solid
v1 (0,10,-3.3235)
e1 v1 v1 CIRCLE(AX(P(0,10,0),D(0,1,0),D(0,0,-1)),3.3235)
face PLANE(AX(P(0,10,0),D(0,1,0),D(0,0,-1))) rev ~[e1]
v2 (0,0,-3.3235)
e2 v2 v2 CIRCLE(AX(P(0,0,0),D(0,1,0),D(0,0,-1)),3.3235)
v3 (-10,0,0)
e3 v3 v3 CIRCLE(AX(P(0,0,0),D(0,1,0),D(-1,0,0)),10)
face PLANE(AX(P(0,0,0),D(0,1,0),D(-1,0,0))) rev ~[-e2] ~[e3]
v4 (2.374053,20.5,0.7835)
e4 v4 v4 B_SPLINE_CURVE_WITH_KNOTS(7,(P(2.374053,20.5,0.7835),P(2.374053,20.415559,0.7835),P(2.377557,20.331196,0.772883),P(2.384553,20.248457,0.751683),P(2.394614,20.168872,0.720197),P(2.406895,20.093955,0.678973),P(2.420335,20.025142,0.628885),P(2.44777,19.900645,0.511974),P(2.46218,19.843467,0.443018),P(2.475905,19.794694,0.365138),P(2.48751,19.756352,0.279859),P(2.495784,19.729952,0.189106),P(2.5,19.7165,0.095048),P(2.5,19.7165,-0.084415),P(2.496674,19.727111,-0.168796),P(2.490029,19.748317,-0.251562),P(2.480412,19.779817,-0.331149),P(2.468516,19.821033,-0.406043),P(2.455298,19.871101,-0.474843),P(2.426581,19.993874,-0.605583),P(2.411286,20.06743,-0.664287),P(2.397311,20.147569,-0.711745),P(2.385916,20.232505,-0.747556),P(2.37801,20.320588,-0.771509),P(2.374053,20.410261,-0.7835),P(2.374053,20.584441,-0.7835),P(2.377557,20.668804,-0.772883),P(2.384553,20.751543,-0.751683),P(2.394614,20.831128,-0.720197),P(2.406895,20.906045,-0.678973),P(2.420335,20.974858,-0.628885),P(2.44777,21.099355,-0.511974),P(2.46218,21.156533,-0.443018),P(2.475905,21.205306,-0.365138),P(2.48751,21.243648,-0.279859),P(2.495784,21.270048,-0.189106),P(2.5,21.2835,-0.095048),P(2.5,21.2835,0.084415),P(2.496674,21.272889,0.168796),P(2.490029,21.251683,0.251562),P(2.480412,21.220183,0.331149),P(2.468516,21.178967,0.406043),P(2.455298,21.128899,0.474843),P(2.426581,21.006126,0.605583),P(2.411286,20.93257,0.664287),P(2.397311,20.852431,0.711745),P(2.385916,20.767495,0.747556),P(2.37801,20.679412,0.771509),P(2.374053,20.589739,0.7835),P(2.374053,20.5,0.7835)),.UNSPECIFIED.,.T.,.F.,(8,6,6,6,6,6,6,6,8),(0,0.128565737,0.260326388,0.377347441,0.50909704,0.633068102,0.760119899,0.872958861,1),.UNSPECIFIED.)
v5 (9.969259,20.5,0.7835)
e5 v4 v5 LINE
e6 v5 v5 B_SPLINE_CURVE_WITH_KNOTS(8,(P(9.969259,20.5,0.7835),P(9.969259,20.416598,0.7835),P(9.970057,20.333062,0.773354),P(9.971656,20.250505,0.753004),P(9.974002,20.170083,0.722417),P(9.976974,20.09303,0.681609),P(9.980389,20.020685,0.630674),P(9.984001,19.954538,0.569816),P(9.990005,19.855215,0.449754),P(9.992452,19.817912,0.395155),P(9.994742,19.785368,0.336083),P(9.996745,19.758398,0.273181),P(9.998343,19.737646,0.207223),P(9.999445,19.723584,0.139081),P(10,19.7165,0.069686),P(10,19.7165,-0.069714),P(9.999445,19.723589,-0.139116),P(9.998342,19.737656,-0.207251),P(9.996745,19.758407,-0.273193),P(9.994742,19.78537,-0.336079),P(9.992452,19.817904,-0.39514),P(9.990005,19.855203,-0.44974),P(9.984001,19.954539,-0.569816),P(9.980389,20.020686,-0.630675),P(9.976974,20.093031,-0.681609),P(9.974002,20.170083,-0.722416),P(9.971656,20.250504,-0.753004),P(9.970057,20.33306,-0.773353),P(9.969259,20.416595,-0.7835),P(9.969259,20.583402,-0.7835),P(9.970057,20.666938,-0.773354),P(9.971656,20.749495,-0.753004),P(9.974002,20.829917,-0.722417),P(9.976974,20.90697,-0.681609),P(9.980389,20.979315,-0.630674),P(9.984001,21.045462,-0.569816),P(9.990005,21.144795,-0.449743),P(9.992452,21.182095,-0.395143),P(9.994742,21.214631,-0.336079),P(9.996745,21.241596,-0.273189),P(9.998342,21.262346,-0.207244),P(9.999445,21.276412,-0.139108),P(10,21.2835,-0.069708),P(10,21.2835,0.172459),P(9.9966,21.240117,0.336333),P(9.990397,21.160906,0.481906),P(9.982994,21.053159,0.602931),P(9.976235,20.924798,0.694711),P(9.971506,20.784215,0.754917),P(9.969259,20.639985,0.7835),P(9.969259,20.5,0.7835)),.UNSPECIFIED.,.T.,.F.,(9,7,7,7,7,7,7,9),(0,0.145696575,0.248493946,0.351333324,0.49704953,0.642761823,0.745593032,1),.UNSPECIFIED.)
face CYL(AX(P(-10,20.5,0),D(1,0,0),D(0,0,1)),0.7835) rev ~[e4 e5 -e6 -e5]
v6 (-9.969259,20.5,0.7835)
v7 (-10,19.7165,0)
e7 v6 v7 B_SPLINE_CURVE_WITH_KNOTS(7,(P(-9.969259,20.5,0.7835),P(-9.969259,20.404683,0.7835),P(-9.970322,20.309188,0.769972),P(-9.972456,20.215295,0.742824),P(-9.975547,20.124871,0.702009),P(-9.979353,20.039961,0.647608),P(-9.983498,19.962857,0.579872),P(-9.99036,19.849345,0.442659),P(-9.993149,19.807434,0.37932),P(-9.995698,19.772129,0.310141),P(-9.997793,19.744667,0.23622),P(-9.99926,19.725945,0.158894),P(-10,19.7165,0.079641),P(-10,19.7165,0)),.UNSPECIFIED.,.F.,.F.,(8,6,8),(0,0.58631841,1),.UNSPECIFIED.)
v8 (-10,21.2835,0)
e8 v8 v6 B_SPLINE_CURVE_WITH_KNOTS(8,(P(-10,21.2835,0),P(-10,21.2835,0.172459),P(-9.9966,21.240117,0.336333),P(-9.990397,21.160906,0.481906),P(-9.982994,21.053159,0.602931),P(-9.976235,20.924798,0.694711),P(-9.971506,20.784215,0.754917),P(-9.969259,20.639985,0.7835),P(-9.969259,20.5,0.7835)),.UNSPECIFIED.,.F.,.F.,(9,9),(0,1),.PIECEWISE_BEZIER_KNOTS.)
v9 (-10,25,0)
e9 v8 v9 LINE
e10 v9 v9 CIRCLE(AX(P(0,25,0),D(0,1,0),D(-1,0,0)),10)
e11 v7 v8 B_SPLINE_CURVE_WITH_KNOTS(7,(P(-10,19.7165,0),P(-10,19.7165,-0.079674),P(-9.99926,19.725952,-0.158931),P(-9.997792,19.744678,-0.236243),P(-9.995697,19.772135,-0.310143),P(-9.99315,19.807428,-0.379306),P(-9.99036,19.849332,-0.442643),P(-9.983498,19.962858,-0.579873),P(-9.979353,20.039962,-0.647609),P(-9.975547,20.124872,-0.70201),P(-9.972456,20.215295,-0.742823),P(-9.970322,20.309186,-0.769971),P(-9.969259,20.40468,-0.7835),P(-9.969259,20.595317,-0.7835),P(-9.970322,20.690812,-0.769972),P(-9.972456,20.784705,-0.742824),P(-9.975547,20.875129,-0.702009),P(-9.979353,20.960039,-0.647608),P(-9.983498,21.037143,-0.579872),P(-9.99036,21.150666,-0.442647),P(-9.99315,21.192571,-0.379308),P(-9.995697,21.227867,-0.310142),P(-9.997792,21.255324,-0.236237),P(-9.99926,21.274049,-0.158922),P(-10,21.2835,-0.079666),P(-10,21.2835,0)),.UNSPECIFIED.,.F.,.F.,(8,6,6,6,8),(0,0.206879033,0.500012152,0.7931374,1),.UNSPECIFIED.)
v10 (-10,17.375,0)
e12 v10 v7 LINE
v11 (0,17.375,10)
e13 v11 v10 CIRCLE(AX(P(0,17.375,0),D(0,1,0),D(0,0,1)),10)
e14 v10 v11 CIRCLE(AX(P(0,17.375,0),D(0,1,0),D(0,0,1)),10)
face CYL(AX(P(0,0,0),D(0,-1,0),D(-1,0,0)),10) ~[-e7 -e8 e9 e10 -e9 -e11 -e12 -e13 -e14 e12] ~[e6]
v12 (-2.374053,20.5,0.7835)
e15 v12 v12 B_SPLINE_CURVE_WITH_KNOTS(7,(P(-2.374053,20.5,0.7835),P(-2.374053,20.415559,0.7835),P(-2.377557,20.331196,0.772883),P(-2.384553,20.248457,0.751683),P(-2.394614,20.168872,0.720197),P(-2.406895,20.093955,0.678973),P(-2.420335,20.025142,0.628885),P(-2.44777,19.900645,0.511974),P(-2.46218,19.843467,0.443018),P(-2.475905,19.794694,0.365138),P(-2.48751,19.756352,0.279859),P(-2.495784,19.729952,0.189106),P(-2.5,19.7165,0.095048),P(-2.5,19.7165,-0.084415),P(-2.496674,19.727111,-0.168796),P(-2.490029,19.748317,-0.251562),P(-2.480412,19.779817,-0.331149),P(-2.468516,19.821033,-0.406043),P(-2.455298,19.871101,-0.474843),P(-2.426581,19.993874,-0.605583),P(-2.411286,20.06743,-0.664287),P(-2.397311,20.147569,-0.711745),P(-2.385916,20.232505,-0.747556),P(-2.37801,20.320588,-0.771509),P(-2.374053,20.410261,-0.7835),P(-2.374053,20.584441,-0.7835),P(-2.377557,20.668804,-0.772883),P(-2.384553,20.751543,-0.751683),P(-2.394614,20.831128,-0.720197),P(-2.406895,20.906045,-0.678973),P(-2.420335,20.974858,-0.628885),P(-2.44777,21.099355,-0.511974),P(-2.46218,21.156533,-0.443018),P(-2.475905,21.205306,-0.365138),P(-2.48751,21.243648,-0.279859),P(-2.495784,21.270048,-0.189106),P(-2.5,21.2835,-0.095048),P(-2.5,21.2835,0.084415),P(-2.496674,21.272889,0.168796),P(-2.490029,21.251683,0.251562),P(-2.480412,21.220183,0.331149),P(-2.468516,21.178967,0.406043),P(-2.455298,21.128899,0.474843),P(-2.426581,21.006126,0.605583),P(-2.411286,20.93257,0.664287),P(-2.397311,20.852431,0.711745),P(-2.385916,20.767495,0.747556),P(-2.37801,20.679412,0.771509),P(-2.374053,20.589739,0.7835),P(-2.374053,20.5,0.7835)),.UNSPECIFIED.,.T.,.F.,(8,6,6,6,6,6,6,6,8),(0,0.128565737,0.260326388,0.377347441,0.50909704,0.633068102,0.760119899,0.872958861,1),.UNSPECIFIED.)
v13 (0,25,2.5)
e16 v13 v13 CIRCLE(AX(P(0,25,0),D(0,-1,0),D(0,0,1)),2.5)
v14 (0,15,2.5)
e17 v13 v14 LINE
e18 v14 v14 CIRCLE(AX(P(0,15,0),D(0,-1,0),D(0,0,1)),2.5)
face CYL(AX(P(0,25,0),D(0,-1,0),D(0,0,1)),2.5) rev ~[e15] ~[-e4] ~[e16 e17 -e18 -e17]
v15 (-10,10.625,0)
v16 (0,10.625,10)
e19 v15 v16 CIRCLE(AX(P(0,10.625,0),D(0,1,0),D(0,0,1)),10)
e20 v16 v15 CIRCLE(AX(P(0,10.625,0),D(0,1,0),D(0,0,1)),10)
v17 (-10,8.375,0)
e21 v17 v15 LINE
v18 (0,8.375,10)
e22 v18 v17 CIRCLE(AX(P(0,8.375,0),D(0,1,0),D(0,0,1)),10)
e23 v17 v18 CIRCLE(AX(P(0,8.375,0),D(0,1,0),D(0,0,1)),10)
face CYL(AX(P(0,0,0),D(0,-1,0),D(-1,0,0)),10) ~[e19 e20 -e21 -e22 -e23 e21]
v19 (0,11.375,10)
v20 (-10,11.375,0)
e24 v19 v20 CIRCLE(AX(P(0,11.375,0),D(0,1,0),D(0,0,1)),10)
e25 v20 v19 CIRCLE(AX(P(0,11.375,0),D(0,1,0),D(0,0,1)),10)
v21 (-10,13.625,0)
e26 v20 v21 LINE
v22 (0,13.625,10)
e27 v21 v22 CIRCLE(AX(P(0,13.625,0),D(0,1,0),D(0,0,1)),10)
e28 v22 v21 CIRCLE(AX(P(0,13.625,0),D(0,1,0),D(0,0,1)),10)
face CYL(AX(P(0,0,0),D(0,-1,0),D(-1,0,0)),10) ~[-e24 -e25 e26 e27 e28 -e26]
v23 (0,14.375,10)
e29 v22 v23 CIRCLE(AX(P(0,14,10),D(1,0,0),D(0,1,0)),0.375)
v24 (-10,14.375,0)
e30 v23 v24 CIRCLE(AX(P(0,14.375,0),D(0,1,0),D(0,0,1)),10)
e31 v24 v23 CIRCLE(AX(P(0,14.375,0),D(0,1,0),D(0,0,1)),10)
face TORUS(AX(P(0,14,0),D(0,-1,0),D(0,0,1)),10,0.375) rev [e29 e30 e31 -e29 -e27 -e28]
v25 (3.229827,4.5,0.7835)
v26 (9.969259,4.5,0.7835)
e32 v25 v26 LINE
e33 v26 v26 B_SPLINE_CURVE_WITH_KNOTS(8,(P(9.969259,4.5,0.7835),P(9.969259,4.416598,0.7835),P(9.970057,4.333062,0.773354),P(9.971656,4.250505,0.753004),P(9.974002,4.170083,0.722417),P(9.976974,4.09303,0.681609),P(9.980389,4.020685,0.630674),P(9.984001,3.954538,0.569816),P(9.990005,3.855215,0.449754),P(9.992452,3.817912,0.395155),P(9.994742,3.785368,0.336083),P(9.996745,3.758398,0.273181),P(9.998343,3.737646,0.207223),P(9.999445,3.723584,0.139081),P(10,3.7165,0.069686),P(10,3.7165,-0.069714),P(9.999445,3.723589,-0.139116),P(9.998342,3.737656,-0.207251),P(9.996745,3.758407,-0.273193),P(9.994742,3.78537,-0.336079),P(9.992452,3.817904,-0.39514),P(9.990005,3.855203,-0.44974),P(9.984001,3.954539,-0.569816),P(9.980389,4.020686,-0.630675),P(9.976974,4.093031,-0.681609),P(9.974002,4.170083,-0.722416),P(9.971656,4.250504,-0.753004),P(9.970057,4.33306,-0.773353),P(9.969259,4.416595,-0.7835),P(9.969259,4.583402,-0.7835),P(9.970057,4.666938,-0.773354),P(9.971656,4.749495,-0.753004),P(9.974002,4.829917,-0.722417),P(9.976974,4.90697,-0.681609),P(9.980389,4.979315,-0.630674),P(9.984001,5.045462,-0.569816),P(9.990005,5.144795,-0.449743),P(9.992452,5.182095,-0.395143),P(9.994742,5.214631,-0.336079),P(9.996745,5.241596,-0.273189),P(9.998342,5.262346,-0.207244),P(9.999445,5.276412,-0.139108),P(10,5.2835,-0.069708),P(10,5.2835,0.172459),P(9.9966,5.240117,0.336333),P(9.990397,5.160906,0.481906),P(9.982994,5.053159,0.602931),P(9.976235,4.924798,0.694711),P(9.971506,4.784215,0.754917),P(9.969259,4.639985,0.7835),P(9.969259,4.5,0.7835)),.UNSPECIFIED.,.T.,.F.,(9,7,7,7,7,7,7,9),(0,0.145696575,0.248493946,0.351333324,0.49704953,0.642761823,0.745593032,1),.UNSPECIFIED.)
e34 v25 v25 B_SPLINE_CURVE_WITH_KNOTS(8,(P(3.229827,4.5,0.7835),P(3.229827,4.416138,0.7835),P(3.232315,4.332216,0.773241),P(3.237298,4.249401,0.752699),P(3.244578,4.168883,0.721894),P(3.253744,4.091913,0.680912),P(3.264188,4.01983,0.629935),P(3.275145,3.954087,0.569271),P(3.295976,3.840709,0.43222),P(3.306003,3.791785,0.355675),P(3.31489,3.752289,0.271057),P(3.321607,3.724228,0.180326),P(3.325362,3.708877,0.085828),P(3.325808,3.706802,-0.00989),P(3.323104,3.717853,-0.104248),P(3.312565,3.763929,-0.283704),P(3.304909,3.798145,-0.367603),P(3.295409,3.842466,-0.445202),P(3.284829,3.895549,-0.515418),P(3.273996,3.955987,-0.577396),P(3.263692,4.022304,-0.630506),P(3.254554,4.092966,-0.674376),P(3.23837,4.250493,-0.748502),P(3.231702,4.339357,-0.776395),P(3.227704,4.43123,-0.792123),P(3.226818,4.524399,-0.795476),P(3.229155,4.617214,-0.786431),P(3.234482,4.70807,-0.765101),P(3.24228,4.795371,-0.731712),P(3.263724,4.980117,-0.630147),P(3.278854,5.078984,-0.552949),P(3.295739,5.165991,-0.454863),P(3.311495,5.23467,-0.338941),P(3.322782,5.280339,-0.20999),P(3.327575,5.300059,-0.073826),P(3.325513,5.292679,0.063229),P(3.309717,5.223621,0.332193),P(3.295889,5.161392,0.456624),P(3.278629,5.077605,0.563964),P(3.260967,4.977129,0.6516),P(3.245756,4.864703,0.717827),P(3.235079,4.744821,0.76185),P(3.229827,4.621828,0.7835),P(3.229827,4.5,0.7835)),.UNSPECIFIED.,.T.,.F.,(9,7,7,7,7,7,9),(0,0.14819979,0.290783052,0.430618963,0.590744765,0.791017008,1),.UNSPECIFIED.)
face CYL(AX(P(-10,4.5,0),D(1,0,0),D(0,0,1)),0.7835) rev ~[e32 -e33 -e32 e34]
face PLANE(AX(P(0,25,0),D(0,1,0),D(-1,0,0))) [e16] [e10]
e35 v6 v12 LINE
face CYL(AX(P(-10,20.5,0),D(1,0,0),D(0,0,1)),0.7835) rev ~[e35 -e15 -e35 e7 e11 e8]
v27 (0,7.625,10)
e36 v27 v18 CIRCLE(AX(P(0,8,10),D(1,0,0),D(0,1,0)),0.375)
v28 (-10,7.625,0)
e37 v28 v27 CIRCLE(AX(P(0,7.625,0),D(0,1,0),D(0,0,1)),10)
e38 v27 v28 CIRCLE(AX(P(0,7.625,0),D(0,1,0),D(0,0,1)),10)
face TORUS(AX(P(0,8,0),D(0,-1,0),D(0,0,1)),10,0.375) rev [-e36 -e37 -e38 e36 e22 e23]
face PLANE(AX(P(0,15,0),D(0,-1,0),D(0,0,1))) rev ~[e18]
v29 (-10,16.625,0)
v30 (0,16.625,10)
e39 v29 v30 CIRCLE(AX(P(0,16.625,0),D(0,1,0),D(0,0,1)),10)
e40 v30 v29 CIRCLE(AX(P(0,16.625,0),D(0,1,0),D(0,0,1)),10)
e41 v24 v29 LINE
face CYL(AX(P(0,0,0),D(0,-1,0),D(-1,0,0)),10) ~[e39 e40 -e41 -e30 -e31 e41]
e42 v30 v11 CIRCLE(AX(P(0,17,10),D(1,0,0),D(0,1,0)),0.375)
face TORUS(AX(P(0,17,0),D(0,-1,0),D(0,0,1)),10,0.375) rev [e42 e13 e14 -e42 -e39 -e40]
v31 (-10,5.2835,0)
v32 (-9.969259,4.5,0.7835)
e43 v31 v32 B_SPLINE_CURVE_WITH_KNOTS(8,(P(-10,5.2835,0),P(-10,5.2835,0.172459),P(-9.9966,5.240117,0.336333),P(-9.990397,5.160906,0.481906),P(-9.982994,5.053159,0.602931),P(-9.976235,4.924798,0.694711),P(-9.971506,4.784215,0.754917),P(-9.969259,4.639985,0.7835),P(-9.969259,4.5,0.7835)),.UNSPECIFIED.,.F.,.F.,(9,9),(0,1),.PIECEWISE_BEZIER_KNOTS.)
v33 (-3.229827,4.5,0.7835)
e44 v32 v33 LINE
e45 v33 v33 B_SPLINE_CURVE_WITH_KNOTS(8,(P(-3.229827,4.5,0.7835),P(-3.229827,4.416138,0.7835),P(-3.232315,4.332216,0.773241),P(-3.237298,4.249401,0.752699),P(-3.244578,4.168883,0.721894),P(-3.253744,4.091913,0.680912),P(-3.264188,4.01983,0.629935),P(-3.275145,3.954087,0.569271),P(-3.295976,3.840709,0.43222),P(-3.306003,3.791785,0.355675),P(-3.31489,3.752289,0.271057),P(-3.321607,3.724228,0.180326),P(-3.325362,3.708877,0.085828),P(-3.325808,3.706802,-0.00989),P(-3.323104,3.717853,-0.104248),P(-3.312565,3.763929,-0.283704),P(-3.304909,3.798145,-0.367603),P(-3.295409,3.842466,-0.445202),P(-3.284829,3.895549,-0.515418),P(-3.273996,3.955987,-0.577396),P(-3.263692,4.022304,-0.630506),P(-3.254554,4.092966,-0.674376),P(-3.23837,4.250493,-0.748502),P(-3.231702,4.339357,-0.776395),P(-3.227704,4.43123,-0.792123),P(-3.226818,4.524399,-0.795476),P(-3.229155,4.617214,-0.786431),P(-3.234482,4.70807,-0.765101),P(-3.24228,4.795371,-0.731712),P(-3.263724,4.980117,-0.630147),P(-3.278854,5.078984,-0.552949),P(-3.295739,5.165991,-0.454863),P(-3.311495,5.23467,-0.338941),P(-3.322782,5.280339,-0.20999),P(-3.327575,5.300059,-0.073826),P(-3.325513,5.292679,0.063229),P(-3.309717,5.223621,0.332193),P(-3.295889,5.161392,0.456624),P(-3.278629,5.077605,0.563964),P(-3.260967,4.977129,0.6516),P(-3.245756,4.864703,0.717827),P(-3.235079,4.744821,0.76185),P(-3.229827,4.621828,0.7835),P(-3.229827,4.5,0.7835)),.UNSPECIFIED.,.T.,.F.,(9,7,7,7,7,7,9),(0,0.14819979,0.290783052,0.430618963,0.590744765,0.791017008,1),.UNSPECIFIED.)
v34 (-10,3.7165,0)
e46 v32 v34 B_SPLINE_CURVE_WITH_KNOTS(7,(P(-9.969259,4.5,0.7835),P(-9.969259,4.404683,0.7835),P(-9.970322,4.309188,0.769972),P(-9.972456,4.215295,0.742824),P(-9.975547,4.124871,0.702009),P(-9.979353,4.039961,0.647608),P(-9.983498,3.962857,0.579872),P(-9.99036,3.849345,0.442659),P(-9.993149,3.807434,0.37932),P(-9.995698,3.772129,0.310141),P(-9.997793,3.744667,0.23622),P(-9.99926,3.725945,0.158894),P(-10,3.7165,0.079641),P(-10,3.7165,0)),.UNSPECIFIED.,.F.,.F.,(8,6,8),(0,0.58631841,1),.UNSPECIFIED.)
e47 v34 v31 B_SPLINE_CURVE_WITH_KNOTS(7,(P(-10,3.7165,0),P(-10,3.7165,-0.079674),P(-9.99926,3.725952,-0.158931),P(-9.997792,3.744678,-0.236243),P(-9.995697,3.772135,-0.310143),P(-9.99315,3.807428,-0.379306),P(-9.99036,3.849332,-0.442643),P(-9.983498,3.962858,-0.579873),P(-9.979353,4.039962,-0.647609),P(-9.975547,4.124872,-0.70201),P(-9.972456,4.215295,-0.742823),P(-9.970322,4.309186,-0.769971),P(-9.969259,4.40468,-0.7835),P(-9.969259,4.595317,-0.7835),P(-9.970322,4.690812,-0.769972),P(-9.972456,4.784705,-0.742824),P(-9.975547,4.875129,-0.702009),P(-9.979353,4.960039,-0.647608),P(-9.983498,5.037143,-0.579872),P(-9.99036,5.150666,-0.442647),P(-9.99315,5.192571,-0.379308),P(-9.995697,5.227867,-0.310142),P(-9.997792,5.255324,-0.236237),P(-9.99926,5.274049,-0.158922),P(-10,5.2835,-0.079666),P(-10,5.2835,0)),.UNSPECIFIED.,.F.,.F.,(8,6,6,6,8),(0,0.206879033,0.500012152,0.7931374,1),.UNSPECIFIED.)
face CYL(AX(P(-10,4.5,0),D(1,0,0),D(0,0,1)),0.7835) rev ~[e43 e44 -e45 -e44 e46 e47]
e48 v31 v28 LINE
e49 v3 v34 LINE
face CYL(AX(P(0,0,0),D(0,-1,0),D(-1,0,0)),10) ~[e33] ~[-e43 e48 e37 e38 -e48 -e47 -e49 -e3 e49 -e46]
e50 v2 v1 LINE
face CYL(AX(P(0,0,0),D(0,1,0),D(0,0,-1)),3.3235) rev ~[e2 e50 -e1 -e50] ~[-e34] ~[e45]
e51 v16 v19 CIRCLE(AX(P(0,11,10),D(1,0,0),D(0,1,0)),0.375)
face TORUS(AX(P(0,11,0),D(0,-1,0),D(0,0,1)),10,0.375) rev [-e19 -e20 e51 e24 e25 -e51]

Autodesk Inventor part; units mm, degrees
ref_plane "XZ Plane" through (0, 0, 0) normal (0, 1, 0) x (-1, 0, 0)
ref_plane "XY Plane" through (0, 0, 0) normal (0, 0, 1) x (1, 0, 0)
sketch "Sketch1" plane through (0, 0, 0) normal (0, 1, 0) x (-1, 0, 0)
  circle A0 centre (0, 0) radius 10
  dimension "d0" = 20
extrude "Extrusion1" add sketch "Sketch1" along normal blind 25
sketch "Sketch2" plane through (0, 25, 0) normal (0, 1, 0) x (1, 0, 0)
  circle A0 centre (0, 0) radius 10 projected
hole "Hole1" at (0, 25, 0) direction (0, -1, 0) diameter 5 depth 10
sketch "Sketch3" plane through (0, 0, 0) normal (0, -1, 0) x (1, 0, 0)
  circle A0 centre (0, 0) radius 10 projected
hole "Hole2" at (0, 0, 0) direction (0, 1, 0) diameter 6.647 depth 10 thread size "M8x1.25" class "6H" standard "ISO Metric profile"
sketch "Sketch4" plane through (0, 0, 0) normal (1, 0, 0) x (0, 1, 0)
  circle A0 centre (17, 10) radius 0.375
  line L0 (0, 10) -> (25, 10) projected
  circle A1 centre (14, 10) radius 0.375
  circle A2 centre (11, 10) radius 0.375
  circle A3 centre (8, 10) radius 0.375
  line L1 (17.375, 10) -> (7.625, 10)
  line L2 (-5, 0) -> (30, 0) projected
  point P0 (0, 0)
  point P1 (8.375, 10)
  point P2 (11.375, 10)
  point P3 (10.625, 10)
  point P4 (14.375, 10)
  point P5 (13.625, 10)
  point P6 (16.625, 10)
  dimension "d21" = 0.75
  dimension "d17" = 8
  dimension "d18" = 3
  dimension "d19" = 3
  dimension "d20" = 3
revolve "Revolution1" cut sketch "Sketch4" angle 360 about axis through (0, -10, 0) along (0, 1, 0) picked at (8.0151, 9.8759) picked at (10.9849, 9.8759) picked at (13.9849, 9.8759) picked at (17.0151, 9.8759) contours A3 L0 | A2 L0 | A1 L0 | A0 L0
ref_plane "Work Plane1" through (-10, 0, 0) normal (1, 0, 0) x (0, 1, 0)
sketch "Sketch5" plane through (-10, 0, 0) normal (1, 0, 0) x (0, 1, 0)
  point P0 (0, 0)
  point P1 (20.5, 0)
  point P2 (4.5, 0)
  dimension "d23" = 16
  dimension "d24" = 4.5
hole "Hole3" at (-10, 20.5, 0) at (-10, 4.5, 0) direction (1, 0, 0) diameter 1.567 end through all thread size "M2x0.4" class "6H" standard "ISO Metric profile"
properties part number "KN_5_8"
